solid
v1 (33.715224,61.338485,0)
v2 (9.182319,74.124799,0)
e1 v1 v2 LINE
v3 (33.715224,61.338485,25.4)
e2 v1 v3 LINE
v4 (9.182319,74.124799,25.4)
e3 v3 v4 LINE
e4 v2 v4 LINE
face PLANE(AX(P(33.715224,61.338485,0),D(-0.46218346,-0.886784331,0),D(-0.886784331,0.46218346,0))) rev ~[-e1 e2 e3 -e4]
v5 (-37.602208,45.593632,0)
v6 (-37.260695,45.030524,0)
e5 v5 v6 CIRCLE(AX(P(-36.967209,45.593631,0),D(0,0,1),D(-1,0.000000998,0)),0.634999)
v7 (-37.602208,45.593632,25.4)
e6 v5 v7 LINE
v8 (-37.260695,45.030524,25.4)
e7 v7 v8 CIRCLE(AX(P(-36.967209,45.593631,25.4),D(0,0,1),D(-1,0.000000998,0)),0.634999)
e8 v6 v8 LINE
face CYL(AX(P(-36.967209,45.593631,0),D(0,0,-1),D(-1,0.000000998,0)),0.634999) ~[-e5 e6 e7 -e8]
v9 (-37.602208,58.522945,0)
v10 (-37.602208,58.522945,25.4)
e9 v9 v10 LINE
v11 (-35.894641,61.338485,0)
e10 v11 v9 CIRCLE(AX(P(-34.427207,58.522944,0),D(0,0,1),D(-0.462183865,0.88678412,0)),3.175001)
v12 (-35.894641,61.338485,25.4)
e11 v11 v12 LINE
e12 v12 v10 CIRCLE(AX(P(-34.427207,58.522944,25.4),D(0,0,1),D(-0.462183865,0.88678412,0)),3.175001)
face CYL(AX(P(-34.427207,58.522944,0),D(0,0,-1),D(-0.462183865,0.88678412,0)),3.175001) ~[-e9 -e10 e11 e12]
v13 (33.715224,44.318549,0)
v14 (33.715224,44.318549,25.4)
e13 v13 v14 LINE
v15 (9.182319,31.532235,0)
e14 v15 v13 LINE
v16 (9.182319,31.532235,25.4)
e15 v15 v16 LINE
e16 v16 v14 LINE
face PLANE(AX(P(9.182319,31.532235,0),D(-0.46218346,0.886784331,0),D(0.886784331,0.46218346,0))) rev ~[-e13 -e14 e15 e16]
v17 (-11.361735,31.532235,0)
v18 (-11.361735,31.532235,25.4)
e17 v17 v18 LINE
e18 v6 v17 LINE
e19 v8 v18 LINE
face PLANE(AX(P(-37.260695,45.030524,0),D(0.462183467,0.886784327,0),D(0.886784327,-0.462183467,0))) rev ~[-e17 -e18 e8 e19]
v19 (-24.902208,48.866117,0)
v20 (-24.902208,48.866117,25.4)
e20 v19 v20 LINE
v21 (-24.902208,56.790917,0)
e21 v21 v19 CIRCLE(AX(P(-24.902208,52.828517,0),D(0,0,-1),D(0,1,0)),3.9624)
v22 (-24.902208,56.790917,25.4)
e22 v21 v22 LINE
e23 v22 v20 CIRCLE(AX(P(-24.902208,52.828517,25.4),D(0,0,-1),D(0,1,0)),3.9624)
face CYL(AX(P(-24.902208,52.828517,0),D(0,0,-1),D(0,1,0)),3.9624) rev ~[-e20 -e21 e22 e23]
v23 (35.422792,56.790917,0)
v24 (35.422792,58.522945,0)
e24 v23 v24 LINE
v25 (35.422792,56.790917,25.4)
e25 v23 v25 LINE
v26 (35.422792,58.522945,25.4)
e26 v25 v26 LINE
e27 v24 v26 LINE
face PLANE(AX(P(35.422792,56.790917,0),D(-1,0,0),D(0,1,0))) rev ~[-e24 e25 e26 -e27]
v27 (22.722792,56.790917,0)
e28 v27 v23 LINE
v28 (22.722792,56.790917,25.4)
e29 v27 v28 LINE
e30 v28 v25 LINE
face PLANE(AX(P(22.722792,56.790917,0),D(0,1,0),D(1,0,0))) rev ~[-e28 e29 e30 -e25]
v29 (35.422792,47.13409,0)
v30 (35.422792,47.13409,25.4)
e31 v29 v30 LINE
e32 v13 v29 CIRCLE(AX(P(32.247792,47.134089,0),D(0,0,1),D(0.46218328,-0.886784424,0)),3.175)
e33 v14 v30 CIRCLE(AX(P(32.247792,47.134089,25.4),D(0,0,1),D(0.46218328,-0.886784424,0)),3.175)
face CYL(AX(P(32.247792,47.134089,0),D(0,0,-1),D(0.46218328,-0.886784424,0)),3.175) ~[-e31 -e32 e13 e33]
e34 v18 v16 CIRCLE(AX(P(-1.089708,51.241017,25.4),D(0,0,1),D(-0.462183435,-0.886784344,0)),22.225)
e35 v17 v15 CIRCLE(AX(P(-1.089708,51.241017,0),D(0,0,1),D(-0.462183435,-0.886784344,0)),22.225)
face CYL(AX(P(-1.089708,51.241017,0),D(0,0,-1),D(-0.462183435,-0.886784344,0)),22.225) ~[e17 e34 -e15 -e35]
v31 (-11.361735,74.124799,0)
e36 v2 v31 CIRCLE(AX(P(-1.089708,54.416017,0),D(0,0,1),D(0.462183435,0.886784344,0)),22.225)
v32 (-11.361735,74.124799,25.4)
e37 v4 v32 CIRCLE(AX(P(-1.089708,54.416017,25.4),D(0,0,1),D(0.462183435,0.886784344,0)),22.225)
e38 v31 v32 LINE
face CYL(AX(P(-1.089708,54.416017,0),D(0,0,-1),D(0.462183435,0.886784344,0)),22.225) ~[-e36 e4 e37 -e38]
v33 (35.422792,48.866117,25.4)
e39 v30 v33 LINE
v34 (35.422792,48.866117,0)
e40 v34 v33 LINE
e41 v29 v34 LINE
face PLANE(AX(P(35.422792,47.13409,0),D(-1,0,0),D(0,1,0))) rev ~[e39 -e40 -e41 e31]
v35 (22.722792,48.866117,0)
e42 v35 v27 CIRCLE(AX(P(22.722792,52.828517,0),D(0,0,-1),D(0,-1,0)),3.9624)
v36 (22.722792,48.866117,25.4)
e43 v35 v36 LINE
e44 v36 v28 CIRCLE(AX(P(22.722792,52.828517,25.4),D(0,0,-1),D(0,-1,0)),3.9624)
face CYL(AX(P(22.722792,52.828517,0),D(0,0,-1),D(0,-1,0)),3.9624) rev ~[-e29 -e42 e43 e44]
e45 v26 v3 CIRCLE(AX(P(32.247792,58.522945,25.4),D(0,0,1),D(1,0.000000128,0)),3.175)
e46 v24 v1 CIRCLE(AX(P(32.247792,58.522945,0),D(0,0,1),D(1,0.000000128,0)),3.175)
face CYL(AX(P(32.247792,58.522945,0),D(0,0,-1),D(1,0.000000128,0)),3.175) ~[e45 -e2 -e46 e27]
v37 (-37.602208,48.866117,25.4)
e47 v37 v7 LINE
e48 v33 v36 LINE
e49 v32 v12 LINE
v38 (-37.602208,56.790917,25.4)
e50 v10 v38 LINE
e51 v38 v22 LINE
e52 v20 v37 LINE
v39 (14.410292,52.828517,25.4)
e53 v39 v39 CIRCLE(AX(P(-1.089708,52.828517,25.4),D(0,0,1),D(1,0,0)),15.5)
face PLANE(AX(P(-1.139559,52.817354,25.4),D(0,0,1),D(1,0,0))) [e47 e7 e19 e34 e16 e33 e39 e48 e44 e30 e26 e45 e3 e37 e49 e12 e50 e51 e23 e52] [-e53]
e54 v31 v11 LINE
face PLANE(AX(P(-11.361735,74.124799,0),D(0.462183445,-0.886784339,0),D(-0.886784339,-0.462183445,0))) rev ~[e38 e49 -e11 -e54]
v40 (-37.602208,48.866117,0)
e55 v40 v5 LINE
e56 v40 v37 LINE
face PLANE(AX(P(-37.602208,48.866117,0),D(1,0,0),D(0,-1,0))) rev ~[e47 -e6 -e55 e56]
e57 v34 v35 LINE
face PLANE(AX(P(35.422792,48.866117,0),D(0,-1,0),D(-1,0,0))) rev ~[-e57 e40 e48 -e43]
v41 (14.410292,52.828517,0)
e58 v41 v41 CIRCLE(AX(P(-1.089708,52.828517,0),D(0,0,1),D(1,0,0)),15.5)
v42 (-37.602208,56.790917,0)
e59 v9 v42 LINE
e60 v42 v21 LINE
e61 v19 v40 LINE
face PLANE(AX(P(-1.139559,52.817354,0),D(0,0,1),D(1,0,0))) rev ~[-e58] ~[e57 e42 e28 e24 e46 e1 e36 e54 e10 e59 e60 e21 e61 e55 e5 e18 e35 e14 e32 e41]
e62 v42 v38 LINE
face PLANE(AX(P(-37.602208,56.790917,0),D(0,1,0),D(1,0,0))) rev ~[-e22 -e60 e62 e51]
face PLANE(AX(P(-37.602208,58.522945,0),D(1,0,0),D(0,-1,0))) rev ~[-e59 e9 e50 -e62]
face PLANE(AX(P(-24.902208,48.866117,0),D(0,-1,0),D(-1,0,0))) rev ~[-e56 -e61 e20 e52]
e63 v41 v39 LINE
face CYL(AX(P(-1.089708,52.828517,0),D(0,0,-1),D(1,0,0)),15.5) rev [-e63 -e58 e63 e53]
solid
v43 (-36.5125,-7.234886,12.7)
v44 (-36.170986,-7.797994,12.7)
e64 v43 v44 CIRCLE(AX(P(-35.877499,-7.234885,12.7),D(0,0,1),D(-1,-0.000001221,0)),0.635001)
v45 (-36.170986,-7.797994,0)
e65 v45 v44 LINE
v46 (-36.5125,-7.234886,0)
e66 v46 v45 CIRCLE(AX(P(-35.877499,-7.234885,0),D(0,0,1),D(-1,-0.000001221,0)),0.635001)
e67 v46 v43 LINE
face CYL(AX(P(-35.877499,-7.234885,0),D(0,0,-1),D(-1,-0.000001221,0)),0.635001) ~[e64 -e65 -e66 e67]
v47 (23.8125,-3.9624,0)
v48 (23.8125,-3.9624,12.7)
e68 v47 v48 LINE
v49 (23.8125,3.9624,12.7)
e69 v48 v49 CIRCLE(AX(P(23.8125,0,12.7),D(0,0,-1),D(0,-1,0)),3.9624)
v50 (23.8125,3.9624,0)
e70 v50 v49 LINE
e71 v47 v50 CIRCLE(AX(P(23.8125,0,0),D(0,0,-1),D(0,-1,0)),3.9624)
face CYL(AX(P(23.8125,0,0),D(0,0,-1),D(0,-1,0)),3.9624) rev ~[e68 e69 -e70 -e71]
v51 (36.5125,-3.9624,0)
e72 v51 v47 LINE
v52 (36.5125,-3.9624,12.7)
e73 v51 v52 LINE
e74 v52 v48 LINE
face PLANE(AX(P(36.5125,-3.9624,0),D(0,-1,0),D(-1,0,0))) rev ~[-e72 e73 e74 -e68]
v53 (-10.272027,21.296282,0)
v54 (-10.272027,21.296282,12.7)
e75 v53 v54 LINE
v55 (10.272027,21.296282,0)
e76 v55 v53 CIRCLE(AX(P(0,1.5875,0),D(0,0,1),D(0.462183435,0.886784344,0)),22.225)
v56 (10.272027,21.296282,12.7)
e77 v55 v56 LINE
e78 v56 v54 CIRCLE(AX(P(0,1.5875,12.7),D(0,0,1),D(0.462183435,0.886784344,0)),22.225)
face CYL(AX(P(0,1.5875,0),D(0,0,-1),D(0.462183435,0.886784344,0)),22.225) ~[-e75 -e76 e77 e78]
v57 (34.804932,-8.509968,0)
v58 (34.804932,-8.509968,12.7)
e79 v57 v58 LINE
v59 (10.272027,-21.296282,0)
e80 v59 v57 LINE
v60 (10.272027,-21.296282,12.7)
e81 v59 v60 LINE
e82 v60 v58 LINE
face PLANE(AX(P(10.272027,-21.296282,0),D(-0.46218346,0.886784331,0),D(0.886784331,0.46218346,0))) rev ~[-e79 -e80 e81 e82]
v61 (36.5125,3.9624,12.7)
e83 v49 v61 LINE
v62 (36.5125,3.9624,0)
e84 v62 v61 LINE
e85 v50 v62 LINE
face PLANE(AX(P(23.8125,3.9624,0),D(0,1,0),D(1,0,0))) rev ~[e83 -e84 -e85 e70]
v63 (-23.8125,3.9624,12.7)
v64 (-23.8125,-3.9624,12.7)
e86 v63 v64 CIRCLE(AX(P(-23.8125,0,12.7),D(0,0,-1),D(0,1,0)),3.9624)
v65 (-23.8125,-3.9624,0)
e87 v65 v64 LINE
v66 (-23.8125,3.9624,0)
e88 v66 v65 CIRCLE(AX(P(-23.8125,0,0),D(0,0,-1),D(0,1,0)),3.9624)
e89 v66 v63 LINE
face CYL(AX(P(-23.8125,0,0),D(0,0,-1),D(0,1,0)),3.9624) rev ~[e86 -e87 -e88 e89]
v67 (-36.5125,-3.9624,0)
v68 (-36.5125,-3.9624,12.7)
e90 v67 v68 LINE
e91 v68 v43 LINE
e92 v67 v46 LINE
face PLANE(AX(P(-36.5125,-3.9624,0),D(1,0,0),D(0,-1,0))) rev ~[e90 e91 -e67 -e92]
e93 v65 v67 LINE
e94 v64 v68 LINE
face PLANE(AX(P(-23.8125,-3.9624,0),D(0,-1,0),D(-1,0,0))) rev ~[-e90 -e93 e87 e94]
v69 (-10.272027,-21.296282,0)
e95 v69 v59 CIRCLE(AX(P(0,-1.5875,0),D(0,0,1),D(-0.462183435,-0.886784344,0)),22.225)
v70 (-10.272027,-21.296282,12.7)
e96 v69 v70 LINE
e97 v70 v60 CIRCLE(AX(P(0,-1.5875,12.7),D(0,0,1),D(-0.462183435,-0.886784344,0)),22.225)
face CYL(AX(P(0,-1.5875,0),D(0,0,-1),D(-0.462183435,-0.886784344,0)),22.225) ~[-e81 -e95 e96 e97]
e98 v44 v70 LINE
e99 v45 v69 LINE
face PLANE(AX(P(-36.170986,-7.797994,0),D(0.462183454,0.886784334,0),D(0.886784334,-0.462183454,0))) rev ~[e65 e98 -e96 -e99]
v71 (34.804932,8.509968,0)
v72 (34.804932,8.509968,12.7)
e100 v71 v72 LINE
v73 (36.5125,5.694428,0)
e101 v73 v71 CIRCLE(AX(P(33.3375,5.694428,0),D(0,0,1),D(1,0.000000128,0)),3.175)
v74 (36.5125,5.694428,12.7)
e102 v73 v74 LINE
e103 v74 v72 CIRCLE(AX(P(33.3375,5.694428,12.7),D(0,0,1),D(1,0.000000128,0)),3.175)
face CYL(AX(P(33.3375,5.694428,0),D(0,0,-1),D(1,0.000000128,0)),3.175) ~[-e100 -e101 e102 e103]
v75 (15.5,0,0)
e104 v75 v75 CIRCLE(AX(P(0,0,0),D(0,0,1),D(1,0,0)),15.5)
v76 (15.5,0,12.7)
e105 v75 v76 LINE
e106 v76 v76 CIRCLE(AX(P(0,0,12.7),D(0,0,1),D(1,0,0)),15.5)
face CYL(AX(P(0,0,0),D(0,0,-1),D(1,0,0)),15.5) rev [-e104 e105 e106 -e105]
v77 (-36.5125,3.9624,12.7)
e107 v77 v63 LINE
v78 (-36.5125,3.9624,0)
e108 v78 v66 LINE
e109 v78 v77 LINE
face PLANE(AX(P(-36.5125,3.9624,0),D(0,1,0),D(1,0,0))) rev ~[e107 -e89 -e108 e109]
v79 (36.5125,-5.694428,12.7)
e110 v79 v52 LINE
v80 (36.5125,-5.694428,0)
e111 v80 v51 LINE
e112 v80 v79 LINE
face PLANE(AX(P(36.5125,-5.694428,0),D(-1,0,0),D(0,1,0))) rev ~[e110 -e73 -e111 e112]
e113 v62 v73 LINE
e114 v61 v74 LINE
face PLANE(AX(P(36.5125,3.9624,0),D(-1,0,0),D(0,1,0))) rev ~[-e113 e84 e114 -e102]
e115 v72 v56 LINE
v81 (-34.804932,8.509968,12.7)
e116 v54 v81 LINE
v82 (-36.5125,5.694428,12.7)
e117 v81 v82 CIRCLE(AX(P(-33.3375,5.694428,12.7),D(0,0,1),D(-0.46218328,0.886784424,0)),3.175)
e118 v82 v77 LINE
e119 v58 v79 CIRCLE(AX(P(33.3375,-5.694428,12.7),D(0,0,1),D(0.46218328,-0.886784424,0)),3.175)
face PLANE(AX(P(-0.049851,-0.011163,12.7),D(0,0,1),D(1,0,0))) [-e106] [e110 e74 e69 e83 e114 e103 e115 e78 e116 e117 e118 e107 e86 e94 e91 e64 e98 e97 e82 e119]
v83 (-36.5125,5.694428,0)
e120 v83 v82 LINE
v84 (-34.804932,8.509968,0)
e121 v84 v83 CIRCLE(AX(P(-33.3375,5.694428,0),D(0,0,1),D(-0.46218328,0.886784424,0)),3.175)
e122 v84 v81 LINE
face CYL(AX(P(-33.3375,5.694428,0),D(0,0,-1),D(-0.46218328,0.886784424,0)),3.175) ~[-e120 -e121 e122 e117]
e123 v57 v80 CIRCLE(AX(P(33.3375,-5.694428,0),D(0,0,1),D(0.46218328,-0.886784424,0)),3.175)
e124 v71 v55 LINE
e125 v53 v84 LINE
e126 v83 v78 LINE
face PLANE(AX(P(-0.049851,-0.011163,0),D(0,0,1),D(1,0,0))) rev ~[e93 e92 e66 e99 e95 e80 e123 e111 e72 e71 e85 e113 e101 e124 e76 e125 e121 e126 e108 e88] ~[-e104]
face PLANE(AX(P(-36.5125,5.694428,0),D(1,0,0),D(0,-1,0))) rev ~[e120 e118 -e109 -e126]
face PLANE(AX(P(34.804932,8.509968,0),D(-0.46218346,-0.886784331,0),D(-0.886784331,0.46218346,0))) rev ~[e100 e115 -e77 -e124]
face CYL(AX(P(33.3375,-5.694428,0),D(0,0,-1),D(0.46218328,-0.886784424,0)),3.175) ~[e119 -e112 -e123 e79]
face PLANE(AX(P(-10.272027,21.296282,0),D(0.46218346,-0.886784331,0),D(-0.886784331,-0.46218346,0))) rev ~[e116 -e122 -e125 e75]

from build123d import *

# Parameters (mm, degrees)
F0_R     = 15.5
F1_DEPTH = 12.7
F2_R     = 15.5
F3_DEPTH = 25.4


with BuildPart() as f1:
    # F0 (on Top) → F1 (new body)
    with BuildSketch(Plane.XY):
        with BuildLine():
            ThreePointArc((34.804932, -8.509968), (36.052249, -7.340867), (36.5125, -5.694428))
            Line((36.5125, -5.694428), (36.5125, -3.9624))
            Line((36.5125, -3.9624), (23.8125, -3.9624))
            ThreePointArc((23.8125, -3.9624), (19.8501, 0), (23.8125, 3.9624))
            Line((23.8125, 3.9624), (36.5125, 3.9624))
            Line((36.5125, 3.9624), (36.5125, 5.694428))
            ThreePointArc((36.5125, 5.694428), (36.052249, 7.340867), (34.804932, 8.509968))
            Line((34.804932, 8.509968), (10.272027, 21.296282))
            ThreePointArc((10.272027, 21.296282), (0, 23.8125), (-10.272027, 21.296282))
            Line((-10.272027, 21.296282), (-34.804932, 8.509968))
            ThreePointArc((-34.804932, 8.509968), (-36.052249, 7.340867), (-36.5125, 5.694428))
            Line((-36.5125, 5.694428), (-36.5125, 3.9624))
            Line((-36.5125, 3.9624), (-23.8125, 3.9624))
            ThreePointArc((-23.8125, 3.9624), (-19.8501, 0), (-23.8125, -3.9624))
            Line((-23.8125, -3.9624), (-36.5125, -3.9624))
            Line((-36.5125, -3.9624), (-36.5125, -7.234886))
            ThreePointArc((-36.5125, -7.234886), (-36.42045, -7.564173), (-36.170986, -7.797994))
            Line((-36.170986, -7.797994), (-10.272027, -21.296282))
            ThreePointArc((-10.272027, -21.296282), (0, -23.8125), (10.272027, -21.296282))
            Line((10.272027, -21.296282), (34.804932, -8.509968))
        make_face()
        Circle(F0_R, mode=Mode.SUBTRACT)
    extrude(amount=F1_DEPTH)


with BuildPart() as f3:
    # F2 (on Top) → F3 (new body)
    with BuildSketch(Plane.XY):
        with BuildLine():
            ThreePointArc((33.715224, 44.318549), (34.962541, 45.48765), (35.422792, 47.13409))
            Line((35.422792, 47.13409), (35.422792, 48.866117))
            Line((35.422792, 48.866117), (22.722792, 48.866117))
            ThreePointArc((22.722792, 48.866117), (18.760392, 52.828517), (22.722792, 56.790917))
            Line((22.722792, 56.790917), (35.422792, 56.790917))
            Line((35.422792, 56.790917), (35.422792, 58.522945))
            ThreePointArc((35.422792, 58.522945), (34.962541, 60.169384), (33.715224, 61.338485))
            Line((33.715224, 61.338485), (9.182319, 74.124799))
            ThreePointArc((9.182319, 74.124799), (-1.089708, 76.641017), (-11.361735, 74.124799))
            Line((-11.361735, 74.124799), (-35.894641, 61.338485))
            ThreePointArc((-35.894641, 61.338485), (-37.141957, 60.169384), (-37.602208, 58.522945))
            Line((-37.602208, 58.522945), (-37.602208, 56.790917))
            Line((-37.602208, 56.790917), (-24.902208, 56.790917))
            ThreePointArc((-24.902208, 56.790917), (-20.939808, 52.828517), (-24.902208, 48.866117))
            Line((-24.902208, 48.866117), (-37.602208, 48.866117))
            Line((-37.602208, 48.866117), (-37.602208, 45.593632))
            ThreePointArc((-37.602208, 45.593632), (-37.510158, 45.264344), (-37.260695, 45.030524))
            Line((-37.260695, 45.030524), (-11.361735, 31.532235))
            ThreePointArc((-11.361735, 31.532235), (-1.089708, 29.016017), (9.182319, 31.532235))
            Line((9.182319, 31.532235), (33.715224, 44.318549))
        make_face()
        with Locations((-1.089708, 52.828517)):
            Circle(F2_R, mode=Mode.SUBTRACT)
    extrude(amount=F3_DEPTH)


solid = Compound([f1.part, f3.part])
